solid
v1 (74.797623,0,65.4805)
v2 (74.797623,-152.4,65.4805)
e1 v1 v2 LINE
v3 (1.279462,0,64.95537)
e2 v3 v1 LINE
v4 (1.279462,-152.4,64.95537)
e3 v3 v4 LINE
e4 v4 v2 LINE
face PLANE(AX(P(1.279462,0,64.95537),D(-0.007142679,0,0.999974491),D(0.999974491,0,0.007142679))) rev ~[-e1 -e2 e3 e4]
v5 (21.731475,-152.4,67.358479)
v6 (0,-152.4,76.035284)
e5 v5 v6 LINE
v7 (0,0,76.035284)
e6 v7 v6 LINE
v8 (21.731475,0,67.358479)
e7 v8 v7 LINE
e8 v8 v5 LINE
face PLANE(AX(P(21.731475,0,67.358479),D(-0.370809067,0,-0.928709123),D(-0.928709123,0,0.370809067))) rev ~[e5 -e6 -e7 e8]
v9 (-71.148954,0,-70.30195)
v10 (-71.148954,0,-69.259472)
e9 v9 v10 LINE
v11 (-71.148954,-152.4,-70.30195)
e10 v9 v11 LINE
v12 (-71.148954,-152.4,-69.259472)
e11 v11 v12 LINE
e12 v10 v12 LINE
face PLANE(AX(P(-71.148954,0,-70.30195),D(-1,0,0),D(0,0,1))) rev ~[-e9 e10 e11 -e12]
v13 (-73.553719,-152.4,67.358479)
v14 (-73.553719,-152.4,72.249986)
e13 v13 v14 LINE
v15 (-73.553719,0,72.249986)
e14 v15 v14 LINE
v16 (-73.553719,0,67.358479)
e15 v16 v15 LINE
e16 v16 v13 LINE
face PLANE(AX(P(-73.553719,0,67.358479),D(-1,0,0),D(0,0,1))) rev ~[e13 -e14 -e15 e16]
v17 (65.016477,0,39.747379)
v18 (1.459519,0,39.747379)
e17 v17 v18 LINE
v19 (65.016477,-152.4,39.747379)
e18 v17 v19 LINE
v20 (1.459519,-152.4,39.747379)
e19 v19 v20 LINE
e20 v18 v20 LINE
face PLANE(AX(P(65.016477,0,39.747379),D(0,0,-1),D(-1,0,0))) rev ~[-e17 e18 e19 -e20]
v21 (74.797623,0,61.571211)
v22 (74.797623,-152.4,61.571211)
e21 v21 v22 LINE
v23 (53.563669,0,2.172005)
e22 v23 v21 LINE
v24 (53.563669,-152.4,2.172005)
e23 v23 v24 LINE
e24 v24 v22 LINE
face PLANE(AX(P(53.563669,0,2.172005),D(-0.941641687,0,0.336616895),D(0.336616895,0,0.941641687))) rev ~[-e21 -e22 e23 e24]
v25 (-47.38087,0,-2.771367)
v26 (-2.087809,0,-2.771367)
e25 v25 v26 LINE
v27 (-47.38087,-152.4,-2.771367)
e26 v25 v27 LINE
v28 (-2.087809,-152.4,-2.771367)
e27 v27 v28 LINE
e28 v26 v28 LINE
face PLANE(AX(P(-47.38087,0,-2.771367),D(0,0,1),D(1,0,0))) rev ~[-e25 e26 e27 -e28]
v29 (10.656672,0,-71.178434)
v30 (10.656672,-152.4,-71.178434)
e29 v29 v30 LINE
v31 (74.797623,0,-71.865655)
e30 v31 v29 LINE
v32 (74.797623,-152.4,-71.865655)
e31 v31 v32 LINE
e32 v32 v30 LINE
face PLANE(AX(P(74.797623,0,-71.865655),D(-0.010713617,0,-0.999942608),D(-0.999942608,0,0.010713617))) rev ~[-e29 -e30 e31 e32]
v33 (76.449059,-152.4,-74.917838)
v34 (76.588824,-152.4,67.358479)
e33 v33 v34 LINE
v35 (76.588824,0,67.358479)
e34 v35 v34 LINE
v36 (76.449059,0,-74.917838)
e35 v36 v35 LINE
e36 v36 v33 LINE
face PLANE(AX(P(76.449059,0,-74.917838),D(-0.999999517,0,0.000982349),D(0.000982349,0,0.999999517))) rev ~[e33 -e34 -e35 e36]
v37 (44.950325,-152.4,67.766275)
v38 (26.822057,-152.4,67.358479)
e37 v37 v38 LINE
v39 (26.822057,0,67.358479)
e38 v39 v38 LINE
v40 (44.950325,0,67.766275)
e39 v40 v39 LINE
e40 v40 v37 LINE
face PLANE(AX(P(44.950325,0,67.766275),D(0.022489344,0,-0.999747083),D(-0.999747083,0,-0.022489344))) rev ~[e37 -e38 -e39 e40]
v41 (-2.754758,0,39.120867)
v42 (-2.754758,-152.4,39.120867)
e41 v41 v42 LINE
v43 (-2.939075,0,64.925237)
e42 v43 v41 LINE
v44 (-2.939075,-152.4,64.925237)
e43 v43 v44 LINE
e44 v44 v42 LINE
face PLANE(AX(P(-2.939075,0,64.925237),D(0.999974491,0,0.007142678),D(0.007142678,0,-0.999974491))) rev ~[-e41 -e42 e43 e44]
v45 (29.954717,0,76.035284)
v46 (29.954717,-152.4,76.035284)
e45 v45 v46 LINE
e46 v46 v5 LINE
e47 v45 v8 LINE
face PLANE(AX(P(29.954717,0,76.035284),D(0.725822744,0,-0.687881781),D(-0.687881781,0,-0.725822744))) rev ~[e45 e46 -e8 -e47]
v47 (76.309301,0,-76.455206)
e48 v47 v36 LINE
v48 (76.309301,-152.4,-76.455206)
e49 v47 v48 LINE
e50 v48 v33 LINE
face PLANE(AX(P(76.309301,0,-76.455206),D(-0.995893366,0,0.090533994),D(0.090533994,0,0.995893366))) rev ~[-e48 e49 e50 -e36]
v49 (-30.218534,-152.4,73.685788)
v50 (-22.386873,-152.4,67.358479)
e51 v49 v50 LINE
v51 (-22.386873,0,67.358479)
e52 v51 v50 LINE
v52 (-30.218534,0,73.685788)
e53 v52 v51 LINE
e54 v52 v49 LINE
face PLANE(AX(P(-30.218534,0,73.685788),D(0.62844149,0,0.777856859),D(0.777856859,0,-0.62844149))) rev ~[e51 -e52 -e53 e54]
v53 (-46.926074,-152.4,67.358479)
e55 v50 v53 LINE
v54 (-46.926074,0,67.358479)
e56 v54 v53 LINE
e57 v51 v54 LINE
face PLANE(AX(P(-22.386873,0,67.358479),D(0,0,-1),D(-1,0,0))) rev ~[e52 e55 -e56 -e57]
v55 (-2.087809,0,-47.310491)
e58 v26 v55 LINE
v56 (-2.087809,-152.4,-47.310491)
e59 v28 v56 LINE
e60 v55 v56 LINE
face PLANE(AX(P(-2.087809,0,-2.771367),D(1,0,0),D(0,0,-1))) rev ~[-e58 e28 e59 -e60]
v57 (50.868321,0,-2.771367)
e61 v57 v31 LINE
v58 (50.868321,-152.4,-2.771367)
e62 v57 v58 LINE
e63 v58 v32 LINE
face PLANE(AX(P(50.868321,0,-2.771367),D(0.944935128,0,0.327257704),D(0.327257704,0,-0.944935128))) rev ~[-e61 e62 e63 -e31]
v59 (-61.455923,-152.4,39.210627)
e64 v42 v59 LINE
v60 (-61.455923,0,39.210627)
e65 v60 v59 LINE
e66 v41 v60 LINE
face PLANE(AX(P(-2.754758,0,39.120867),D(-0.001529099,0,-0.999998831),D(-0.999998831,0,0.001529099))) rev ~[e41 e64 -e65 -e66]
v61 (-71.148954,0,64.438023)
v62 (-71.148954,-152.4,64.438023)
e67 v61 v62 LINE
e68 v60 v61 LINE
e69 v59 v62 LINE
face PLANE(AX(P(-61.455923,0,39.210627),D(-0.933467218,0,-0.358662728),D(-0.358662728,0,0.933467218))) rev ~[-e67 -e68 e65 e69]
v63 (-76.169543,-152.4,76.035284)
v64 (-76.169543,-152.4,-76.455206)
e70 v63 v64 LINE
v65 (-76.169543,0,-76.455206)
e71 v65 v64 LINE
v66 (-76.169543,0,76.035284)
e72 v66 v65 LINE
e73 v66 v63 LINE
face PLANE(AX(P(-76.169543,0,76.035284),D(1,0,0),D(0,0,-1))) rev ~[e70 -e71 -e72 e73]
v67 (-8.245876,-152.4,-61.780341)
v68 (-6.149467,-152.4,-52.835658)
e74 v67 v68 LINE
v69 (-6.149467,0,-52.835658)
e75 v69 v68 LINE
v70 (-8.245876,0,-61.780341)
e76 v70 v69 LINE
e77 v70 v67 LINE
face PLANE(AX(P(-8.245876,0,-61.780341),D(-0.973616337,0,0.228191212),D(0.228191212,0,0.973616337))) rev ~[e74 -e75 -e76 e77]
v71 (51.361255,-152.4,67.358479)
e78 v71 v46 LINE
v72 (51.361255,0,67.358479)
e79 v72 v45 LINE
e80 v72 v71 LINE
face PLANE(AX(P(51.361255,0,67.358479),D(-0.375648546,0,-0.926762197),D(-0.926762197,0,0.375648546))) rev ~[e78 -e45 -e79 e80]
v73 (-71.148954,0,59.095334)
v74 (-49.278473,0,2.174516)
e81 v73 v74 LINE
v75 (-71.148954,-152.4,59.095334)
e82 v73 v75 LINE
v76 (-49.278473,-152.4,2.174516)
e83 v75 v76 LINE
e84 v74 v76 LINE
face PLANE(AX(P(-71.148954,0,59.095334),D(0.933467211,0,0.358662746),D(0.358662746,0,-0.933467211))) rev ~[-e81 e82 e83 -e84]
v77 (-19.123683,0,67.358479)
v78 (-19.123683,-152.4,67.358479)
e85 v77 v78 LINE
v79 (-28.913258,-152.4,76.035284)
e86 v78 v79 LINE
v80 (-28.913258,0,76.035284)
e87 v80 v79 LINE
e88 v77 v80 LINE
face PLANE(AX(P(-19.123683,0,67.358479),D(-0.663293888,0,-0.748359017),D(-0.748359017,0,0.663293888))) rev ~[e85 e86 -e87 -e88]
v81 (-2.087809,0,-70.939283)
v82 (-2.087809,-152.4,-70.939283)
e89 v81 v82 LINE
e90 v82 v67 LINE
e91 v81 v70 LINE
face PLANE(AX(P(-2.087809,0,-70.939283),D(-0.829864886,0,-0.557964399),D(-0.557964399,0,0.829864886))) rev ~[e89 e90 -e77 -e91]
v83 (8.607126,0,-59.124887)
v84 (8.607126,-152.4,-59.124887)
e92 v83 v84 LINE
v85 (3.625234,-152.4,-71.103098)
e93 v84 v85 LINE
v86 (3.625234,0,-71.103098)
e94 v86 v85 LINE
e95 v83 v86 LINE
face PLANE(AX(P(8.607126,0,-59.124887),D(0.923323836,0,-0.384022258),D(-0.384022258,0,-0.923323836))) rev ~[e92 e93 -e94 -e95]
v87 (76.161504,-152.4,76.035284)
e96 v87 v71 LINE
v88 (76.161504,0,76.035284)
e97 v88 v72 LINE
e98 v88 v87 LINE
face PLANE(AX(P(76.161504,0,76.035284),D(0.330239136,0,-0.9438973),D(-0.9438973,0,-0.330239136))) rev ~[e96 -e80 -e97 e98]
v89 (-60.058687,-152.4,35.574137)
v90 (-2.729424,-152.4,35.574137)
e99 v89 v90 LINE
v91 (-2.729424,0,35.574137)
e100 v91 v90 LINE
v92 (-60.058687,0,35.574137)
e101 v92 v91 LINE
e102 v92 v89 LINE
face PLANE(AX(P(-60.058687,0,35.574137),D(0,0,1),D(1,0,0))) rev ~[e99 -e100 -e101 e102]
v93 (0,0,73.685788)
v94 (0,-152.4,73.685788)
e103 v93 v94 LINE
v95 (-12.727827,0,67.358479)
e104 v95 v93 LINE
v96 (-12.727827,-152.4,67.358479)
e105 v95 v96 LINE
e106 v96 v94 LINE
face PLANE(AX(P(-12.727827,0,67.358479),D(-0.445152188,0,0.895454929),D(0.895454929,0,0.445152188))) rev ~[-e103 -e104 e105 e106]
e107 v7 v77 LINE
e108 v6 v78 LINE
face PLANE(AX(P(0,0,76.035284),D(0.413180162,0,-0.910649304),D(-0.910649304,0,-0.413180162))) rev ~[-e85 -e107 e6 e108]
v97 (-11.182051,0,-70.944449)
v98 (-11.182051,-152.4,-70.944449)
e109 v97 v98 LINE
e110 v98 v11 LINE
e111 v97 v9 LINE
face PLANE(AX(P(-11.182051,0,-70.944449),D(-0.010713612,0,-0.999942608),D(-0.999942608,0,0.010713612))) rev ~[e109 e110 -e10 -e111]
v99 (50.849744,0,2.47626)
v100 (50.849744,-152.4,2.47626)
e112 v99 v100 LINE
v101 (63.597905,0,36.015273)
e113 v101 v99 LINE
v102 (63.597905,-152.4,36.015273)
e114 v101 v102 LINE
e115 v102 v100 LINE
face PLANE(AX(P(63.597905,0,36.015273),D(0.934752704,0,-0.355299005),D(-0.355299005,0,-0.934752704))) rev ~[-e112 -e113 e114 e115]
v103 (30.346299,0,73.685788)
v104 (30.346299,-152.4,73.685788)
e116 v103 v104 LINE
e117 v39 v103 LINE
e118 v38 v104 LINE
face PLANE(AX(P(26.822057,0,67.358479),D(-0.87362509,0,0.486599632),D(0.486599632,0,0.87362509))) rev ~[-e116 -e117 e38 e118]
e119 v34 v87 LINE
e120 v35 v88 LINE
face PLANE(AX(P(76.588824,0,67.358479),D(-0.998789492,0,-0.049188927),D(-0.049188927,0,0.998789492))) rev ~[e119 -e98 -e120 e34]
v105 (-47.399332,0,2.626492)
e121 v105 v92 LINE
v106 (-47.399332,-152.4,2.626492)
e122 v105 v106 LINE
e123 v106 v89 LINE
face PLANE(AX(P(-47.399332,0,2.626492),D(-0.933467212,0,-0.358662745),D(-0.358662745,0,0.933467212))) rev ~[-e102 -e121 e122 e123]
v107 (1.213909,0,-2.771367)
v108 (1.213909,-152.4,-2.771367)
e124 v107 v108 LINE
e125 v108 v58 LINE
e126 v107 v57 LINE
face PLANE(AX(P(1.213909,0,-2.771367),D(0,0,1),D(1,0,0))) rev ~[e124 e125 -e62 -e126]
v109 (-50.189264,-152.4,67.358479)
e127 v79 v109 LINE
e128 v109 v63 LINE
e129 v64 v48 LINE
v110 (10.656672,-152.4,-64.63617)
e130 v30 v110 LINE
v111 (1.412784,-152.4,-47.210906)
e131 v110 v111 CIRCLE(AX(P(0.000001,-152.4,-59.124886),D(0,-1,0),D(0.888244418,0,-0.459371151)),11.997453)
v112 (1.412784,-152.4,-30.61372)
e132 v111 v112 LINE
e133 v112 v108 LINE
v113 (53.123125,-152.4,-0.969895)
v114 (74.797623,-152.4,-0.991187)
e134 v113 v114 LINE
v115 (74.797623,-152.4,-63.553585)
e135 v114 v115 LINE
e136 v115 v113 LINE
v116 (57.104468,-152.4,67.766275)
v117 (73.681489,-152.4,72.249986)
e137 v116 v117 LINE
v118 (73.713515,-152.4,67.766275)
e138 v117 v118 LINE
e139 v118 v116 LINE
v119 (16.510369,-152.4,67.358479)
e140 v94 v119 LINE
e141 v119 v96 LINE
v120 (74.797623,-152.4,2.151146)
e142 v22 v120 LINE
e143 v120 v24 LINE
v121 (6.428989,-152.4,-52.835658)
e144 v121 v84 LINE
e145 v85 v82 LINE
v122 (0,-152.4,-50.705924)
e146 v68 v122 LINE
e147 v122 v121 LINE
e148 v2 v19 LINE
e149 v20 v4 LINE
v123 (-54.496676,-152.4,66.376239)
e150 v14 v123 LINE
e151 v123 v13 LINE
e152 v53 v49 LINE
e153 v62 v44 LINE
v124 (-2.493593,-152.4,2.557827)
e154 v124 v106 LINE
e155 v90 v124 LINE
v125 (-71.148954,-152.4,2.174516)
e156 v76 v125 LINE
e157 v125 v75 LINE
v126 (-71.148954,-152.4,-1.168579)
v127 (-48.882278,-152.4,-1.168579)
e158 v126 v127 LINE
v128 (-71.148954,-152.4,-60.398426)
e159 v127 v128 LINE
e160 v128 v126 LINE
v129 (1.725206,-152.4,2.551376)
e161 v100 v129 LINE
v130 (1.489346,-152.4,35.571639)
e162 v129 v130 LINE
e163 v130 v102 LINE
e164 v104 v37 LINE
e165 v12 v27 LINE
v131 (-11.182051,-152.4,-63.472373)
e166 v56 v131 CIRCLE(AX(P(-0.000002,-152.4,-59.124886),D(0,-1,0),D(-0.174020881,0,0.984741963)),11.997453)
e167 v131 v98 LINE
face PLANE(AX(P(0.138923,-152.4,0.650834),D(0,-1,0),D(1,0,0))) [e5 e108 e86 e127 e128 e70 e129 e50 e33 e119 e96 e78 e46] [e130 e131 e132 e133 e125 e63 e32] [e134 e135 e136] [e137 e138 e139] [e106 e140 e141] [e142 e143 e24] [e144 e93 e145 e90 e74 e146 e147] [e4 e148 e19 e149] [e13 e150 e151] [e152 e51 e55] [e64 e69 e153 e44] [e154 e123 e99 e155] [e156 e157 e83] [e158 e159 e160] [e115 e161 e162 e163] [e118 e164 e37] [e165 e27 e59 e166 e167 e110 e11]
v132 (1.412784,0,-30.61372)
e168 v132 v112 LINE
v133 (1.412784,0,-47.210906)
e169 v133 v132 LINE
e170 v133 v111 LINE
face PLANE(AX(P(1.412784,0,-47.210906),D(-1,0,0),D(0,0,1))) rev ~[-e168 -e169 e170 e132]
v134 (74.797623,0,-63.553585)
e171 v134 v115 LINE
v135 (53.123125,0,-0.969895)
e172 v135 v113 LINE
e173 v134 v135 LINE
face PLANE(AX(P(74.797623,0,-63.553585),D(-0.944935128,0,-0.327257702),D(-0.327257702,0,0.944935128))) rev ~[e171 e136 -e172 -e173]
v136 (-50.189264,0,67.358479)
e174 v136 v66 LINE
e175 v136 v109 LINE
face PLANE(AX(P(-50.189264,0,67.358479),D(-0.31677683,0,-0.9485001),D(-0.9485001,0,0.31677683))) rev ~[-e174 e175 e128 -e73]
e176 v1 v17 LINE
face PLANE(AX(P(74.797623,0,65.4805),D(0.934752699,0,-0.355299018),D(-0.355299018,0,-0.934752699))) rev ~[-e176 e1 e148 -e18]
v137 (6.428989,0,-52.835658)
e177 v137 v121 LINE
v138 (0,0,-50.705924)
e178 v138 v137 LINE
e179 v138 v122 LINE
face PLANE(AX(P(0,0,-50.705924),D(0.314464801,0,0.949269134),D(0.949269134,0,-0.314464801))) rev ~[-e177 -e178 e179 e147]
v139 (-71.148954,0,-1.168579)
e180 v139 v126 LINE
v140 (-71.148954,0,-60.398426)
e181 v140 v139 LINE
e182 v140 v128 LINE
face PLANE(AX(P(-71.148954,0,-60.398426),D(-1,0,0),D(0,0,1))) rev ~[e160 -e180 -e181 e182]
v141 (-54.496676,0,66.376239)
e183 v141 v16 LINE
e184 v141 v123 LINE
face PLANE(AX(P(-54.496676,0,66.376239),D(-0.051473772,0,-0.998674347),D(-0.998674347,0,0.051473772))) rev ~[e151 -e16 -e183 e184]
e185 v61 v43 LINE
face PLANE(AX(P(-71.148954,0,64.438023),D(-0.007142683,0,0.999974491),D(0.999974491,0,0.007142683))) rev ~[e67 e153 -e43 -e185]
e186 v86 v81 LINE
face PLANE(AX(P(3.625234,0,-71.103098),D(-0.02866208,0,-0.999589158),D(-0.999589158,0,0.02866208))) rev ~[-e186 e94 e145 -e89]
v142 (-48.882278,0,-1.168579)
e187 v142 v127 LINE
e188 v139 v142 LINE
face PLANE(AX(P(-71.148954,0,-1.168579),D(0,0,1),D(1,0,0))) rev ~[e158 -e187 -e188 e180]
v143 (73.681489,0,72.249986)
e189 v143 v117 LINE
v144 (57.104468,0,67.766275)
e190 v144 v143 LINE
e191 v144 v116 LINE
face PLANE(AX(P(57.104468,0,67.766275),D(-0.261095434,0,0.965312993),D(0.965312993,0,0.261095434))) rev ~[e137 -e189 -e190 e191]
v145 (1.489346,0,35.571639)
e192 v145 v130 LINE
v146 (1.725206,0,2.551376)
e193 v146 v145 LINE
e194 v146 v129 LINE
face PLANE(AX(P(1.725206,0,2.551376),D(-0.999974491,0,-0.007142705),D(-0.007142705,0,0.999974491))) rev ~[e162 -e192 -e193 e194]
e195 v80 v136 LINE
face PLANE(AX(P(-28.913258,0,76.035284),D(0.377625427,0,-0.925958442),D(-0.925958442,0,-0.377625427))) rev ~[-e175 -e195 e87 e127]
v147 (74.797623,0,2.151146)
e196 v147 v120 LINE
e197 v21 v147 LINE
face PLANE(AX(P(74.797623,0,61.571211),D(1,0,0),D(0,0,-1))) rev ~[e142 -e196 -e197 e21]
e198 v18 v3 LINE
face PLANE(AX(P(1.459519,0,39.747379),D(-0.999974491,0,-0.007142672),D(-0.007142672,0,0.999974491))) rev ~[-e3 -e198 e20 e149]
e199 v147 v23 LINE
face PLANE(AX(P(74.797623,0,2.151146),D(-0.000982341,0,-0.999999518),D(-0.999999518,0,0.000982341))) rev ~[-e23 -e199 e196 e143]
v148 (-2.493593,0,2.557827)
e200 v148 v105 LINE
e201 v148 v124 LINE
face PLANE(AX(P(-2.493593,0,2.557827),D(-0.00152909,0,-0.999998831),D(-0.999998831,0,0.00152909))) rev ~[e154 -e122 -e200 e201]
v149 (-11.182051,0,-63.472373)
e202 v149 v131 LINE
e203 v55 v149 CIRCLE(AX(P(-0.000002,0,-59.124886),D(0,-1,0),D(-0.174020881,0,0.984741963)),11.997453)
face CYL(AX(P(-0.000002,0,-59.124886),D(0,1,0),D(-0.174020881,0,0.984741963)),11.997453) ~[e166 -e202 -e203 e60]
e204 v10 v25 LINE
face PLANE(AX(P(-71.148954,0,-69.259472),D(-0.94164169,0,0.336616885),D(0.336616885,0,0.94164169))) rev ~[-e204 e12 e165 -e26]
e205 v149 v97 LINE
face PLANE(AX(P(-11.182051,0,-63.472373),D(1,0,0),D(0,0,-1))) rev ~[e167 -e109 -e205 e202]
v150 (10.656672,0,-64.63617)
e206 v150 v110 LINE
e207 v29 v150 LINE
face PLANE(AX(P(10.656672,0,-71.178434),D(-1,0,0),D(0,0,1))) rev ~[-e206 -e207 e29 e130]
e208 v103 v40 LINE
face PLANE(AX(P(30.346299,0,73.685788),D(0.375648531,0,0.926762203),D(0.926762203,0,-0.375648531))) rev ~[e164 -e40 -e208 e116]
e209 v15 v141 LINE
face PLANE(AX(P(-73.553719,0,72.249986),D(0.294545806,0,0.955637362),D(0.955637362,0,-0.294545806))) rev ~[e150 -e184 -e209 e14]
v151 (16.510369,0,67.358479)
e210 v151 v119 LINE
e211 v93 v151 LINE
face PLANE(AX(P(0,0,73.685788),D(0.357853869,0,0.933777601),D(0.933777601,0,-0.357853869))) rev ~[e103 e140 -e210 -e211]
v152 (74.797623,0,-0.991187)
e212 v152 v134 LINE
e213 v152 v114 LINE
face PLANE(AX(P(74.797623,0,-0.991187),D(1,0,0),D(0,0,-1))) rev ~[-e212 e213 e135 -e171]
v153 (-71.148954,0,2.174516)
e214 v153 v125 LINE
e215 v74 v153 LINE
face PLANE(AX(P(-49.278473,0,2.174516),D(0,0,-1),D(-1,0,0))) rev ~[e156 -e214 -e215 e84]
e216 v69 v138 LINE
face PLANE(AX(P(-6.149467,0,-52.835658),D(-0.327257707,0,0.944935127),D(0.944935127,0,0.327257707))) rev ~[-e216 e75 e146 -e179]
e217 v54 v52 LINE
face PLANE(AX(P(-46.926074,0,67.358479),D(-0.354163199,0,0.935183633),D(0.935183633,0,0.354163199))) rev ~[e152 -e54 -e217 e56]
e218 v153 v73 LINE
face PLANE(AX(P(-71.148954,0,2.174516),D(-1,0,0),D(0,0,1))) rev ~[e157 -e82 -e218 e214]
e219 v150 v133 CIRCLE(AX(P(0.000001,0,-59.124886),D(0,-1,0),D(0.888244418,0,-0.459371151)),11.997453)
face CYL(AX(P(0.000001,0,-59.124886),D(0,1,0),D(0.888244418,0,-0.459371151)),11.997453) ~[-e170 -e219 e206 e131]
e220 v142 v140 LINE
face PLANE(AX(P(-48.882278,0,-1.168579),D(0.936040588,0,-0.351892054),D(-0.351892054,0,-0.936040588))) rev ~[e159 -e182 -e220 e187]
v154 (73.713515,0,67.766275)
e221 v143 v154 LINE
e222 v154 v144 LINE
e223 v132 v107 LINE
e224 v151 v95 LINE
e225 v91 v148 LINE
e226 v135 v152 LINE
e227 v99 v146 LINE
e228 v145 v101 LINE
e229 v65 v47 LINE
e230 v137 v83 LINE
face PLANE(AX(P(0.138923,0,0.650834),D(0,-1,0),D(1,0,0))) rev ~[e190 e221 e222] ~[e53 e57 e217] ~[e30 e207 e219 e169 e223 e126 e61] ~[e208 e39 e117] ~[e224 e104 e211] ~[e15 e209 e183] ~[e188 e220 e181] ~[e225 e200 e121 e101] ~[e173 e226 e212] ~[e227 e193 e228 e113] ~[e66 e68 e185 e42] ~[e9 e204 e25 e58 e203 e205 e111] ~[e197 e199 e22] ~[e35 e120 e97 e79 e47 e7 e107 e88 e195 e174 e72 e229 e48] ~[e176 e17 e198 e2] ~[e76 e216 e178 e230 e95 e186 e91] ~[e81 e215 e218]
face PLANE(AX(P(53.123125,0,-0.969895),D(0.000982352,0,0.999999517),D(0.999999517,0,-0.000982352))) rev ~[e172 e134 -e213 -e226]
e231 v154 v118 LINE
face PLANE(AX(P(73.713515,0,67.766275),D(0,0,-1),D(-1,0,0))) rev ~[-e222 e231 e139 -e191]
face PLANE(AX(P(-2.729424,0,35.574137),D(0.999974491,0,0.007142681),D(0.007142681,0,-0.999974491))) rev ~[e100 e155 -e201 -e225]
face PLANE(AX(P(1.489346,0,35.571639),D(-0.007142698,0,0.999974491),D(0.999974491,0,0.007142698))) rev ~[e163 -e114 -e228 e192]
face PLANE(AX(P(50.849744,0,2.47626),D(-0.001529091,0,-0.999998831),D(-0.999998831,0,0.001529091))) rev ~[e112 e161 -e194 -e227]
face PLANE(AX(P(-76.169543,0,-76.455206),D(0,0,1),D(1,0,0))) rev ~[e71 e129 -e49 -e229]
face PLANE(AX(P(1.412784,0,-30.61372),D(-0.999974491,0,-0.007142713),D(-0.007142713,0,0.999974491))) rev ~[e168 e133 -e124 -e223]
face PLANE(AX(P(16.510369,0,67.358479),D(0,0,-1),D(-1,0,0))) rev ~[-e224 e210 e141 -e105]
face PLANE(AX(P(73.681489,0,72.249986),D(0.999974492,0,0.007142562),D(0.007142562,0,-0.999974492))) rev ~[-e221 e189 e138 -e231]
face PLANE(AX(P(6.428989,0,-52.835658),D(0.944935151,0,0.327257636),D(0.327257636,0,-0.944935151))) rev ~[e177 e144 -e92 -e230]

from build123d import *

# Parameters (mm, degrees)
F1_DEPTH = 152.4


with BuildPart() as f1:
    # F0 (on Front) → F1 (new body)
    with BuildSketch(Plane.XZ):
        Polygon((-76.169543, 76.035284), (-76.169543, 67.358479), (-76.169543, -76.455206), (76.309301, -76.455206), (76.449059, -74.917838), (76.588824, 67.358479), (76.161504, 76.035284), (51.361255, 67.358479), (29.954717, 76.035284), (21.731475, 67.358479), (0, 76.035284), (-19.123683, 67.358479), (-28.913258, 76.035284), (-50.189264, 67.358479), align=None)
        Polygon((3.625234, -71.103098), (-2.087809, -70.939283), (-8.245876, -61.780341), (-6.149467, -52.835658), (0, -50.705924), (6.428989, -52.835658), (8.607126, -59.124887), align=None, mode=Mode.SUBTRACT)
        Polygon((-71.148954, -1.168579), (-48.882278, -1.168579), (-71.148954, -60.398426), align=None, mode=Mode.SUBTRACT)
        with BuildLine():
            Line((-11.182051, -70.944449), (-71.148954, -70.30195))
            Line((-71.148954, -70.30195), (-71.148954, -69.259472))
            Line((-71.148954, -69.259472), (-47.38087, -2.771367))
            Line((-47.38087, -2.771367), (-2.087809, -2.771367))
            Line((-2.087809, -2.771367), (-2.087809, -30.61372))
            Line((-2.087809, -30.61372), (-2.087809, -47.310491))
            ThreePointArc((-2.087809, -47.310491), (-10.455808, -53.241436), (-11.182051, -63.472373))
            Line((-11.182051, -63.472373), (-11.182051, -70.944449))
        make_face(mode=Mode.SUBTRACT)
        with BuildLine():
            Line((1.213909, -2.771367), (50.868321, -2.771367))
            Line((50.868321, -2.771367), (74.797623, -71.865655))
            Line((74.797623, -71.865655), (10.656672, -71.178434))
            Line((10.656672, -71.178434), (10.656672, -64.63617))
            ThreePointArc((10.656672, -64.63617), (10.598486, -53.50252), (1.412784, -47.210906))
            Line((1.412784, -47.210906), (1.412784, -30.61372))
            Line((1.412784, -30.61372), (1.213909, -2.771367))
        make_face(mode=Mode.SUBTRACT)
        Polygon((74.797623, -63.553585), (53.123125, -0.969895), (74.797623, -0.991187), align=None, mode=Mode.SUBTRACT)
        Polygon((-71.148954, 2.174516), (-71.148954, 59.095334), (-49.278473, 2.174516), align=None, mode=Mode.SUBTRACT)
        Polygon((-2.493593, 2.557827), (-47.399332, 2.626492), (-60.058687, 35.574137), (-2.729424, 35.574137), align=None, mode=Mode.SUBTRACT)
        Polygon((-54.496676, 66.376239), (-73.553719, 67.358479), (-73.553719, 72.249986), align=None, mode=Mode.SUBTRACT)
        Polygon((-61.455923, 39.210627), (-71.148954, 64.438023), (-2.939075, 64.925237), (-2.754758, 39.120867), align=None, mode=Mode.SUBTRACT)
        Polygon((-22.386873, 67.358479), (-46.926074, 67.358479), (-30.218534, 73.685788), align=None, mode=Mode.SUBTRACT)
        Polygon((50.849744, 2.47626), (1.725206, 2.551376), (1.489346, 35.571639), (63.597905, 36.015273), align=None, mode=Mode.SUBTRACT)
        Polygon((53.563669, 2.172005), (74.797623, 61.571211), (74.797623, 2.151146), align=None, mode=Mode.SUBTRACT)
        Polygon((1.279462, 64.95537), (74.797623, 65.4805), (65.016477, 39.747379), (1.459519, 39.747379), align=None, mode=Mode.SUBTRACT)
        Polygon((16.510369, 67.358479), (-12.727827, 67.358479), (0, 73.685788), align=None, mode=Mode.SUBTRACT)
        Polygon((44.950325, 67.766275), (26.822057, 67.358479), (30.346299, 73.685788), align=None, mode=Mode.SUBTRACT)
        Polygon((73.713515, 67.766275), (57.104468, 67.766275), (73.681489, 72.249986), align=None, mode=Mode.SUBTRACT)
    extrude(amount=F1_DEPTH)


solid = f1.part
